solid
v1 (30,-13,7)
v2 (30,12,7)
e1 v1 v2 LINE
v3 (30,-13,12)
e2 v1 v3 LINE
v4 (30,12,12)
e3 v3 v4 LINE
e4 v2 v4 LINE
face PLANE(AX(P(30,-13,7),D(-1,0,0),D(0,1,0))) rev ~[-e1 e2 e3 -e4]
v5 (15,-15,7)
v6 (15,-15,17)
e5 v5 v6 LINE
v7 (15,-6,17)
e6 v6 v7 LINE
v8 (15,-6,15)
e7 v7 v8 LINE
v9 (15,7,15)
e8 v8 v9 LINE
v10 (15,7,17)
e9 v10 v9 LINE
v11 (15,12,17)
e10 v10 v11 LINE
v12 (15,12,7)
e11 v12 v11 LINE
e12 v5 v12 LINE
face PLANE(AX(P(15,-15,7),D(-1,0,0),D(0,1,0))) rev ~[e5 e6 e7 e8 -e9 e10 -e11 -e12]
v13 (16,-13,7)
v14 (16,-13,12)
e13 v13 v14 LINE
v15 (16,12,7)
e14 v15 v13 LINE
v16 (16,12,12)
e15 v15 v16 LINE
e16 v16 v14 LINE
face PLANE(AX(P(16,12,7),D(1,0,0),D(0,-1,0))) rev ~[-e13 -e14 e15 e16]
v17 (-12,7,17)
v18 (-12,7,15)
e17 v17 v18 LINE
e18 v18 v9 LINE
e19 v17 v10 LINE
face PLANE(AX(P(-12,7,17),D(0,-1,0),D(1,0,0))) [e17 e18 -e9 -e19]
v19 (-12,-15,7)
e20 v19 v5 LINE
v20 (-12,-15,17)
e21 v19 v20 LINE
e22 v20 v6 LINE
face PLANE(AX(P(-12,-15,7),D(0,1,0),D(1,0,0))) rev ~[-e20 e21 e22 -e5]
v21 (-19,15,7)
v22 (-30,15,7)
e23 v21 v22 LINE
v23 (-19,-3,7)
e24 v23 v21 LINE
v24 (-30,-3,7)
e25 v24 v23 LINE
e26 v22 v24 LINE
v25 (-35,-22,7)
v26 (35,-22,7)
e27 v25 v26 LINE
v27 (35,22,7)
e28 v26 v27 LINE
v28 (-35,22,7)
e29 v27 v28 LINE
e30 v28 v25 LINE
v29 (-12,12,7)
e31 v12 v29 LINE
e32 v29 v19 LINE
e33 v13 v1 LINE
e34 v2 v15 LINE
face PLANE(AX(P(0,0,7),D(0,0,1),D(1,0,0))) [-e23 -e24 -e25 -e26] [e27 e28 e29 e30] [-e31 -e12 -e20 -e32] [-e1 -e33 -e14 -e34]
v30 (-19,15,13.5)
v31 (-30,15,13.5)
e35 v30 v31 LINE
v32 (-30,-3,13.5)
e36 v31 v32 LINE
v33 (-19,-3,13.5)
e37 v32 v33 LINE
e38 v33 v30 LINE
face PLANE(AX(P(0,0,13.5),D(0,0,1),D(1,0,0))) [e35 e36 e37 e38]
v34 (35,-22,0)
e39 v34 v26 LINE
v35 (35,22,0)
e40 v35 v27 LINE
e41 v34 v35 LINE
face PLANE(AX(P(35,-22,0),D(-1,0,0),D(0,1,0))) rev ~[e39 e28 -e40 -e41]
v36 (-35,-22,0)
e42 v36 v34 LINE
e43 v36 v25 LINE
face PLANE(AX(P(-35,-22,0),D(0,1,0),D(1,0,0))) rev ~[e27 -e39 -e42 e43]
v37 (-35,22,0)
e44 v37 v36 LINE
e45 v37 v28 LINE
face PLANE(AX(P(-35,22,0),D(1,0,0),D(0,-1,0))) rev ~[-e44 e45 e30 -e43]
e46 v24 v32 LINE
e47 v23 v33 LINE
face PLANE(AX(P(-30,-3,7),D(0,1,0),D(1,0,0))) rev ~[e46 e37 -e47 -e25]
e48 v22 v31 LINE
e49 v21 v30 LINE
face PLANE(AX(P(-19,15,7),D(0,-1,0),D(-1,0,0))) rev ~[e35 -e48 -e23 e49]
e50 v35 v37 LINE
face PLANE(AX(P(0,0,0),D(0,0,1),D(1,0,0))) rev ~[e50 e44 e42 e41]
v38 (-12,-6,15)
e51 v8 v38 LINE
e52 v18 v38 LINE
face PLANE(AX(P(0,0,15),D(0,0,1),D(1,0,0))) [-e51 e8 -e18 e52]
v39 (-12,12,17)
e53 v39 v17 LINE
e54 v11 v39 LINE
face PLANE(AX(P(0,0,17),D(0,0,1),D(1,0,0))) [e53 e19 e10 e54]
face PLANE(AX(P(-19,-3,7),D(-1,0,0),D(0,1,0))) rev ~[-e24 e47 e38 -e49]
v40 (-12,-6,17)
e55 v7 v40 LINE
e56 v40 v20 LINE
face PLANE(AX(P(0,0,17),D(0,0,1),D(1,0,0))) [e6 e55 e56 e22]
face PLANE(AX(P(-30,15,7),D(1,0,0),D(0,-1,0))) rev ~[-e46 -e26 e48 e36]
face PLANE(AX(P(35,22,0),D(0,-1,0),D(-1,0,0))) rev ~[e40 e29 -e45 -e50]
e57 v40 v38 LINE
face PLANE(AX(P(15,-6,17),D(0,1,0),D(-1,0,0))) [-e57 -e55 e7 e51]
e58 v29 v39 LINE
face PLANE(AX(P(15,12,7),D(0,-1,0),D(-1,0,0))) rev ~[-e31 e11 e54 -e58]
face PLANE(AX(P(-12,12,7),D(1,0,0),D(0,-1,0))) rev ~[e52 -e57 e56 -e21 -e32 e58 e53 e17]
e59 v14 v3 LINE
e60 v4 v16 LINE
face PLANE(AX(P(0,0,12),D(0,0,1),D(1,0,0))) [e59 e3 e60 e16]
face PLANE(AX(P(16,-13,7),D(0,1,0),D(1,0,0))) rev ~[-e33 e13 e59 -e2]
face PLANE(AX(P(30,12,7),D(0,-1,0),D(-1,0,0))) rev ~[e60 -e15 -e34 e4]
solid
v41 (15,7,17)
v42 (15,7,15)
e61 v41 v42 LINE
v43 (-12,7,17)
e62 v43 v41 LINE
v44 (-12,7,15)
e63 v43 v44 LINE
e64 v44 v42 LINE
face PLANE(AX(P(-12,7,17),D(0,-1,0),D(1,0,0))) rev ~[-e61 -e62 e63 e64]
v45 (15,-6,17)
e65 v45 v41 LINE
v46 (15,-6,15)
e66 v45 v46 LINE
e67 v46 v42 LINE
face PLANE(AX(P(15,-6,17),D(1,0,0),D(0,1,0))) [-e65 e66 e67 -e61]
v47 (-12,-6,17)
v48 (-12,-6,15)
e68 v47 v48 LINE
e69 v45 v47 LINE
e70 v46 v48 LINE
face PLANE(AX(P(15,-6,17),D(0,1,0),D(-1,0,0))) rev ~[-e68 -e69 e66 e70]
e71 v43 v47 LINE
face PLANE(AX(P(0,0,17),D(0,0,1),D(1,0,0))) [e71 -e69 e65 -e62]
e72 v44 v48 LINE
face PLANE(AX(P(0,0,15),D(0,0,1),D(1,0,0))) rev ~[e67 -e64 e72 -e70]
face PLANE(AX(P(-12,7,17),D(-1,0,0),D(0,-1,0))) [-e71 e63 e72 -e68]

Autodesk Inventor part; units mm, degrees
ref_plane "YZ Plane" through (0, 0, 0) normal (1, 0, 0) x (0, 1, 0)
ref_plane "XZ Plane" through (0, 0, 0) normal (0, 1, 0) x (-1, 0, 0)
ref_plane "XY Plane" through (0, 0, 0) normal (0, 0, 1) x (1, 0, 0)
sketch "Boceto1" plane through (0, 0, 0) normal (0, 0, 1) x (1, 0, 0)
  line L0 (35, 22) -> (-35, 22)
  line L1 (-35, 22) -> (-35, -22)
  line L2 (-35, -22) -> (35, -22)
  line L3 (35, -22) -> (35, 22)
  point P0 (0, 0)
  point P1 (35, 0)
  point P2 (0, 22)
  dimension "d0" = 70
  dimension "d1" = 44
extrude "Extrusión1" add sketch "Boceto1" along normal blind 7
sketch "Boceto2" plane through (0, 0, 7) normal (0, 0, 1) x (1, 0, 0)
  line L0 (35, 22) -> (-35, 22) construction
  line L1 (-35, 22) -> (-35, -22) construction
  line L2 (-35, -22) -> (35, -22) construction
  line L3 (35, -22) -> (35, 22) construction
  line L4 (-35, 22) -> (-35, -22) construction
  line L5 (-35, 22) -> (-35, 15) construction
  line L6 (-35, 15) -> (-30, 15) construction
  line L7 (-30, 15) -> (-30, -3)
  line L8 (-30, -3) -> (-19, -3)
  line L9 (-19, -3) -> (-19, 15)
  line L10 (-19, 15) -> (-30, 15)
  line L11 (-35, 22) -> (-12, 22) construction
  line L12 (-12, 22) -> (-12, 12) construction
  line L13 (-12, 12) -> (-12, -15)
  line L14 (-12, -15) -> (15, -15)
  line L15 (15, -15) -> (15, 12)
  line L16 (15, 12) -> (-12, 12)
  line L17 (35, 22) -> (-35, 22) projected
  line L18 (35, 22) -> (35, 12) construction
  line L19 (35, -22) -> (35, 22) construction
  line L20 (35, 12) -> (30, 12) construction
  line L21 (30, 12) -> (16, 12)
  line L22 (16, 12) -> (16, -13)
  line L23 (16, -13) -> (30, -13)
  line L24 (30, -13) -> (30, 12)
  point P0 (0, 0)
  dimension "d4" = 7
  dimension "d5" = 5
  dimension "d6" = 18
  dimension "d7" = 11
  dimension "d8" = 23
  dimension "d9" = 10
  dimension "d10" = 27
  dimension "d11" = 27
  dimension "d12" = 10
  dimension "d13" = 5
  dimension "d14" = 14
  dimension "d15" = 25
  dimension "d16" = 14
extrude "Extrusión2" add sketch "Boceto2" along normal blind 5 contours L24 L23 L22 L21
extrude "Extrusión3" add sketch "Boceto2" along normal blind 10 contours L16 L15 L14 L13
extrude "Extrusión4" add sketch "Boceto2" along normal blind 6.5 contours L10 L9 L8 L7
sketch "Boceto3" plane through (0, 0, 17) normal (0, 0, 1) x (1, 0, 0)
  point P0 (0, 0)
sketch "Boceto4" plane through (0, 0, 17) normal (0, 0, 1) x (1, 0, 0)
  line L0 (-12, 12) -> (-12, -15) projected
  line L1 (-12, -15) -> (15, -15) projected
  line L2 (15, -15) -> (15, 12) projected
  line L3 (15, 12) -> (-12, 12) projected
  line L4 (-12, 12) -> (-12, -15) projected
  line L5 (15, -15) -> (15, 12) projected
  line L6 (-12, 7) -> (15, 7)
  line L7 (15, 7) -> (15, -6)
  line L8 (15, -6) -> (-12, -6)
  line L9 (-12, -6) -> (-12, 7)
  point P0 (0, 0)
  dimension "d23" = 5
  dimension "d24" = 9
extrude "Extrusión5" cut sketch "Boceto4" against normal blind 2 contours L6 L2 L8 L0
extrude "Extrusión6" add sketch "Boceto4" against normal blind 2 separate body contours L6 L2 L8 L0
properties part number "placa electronica optiweather"
